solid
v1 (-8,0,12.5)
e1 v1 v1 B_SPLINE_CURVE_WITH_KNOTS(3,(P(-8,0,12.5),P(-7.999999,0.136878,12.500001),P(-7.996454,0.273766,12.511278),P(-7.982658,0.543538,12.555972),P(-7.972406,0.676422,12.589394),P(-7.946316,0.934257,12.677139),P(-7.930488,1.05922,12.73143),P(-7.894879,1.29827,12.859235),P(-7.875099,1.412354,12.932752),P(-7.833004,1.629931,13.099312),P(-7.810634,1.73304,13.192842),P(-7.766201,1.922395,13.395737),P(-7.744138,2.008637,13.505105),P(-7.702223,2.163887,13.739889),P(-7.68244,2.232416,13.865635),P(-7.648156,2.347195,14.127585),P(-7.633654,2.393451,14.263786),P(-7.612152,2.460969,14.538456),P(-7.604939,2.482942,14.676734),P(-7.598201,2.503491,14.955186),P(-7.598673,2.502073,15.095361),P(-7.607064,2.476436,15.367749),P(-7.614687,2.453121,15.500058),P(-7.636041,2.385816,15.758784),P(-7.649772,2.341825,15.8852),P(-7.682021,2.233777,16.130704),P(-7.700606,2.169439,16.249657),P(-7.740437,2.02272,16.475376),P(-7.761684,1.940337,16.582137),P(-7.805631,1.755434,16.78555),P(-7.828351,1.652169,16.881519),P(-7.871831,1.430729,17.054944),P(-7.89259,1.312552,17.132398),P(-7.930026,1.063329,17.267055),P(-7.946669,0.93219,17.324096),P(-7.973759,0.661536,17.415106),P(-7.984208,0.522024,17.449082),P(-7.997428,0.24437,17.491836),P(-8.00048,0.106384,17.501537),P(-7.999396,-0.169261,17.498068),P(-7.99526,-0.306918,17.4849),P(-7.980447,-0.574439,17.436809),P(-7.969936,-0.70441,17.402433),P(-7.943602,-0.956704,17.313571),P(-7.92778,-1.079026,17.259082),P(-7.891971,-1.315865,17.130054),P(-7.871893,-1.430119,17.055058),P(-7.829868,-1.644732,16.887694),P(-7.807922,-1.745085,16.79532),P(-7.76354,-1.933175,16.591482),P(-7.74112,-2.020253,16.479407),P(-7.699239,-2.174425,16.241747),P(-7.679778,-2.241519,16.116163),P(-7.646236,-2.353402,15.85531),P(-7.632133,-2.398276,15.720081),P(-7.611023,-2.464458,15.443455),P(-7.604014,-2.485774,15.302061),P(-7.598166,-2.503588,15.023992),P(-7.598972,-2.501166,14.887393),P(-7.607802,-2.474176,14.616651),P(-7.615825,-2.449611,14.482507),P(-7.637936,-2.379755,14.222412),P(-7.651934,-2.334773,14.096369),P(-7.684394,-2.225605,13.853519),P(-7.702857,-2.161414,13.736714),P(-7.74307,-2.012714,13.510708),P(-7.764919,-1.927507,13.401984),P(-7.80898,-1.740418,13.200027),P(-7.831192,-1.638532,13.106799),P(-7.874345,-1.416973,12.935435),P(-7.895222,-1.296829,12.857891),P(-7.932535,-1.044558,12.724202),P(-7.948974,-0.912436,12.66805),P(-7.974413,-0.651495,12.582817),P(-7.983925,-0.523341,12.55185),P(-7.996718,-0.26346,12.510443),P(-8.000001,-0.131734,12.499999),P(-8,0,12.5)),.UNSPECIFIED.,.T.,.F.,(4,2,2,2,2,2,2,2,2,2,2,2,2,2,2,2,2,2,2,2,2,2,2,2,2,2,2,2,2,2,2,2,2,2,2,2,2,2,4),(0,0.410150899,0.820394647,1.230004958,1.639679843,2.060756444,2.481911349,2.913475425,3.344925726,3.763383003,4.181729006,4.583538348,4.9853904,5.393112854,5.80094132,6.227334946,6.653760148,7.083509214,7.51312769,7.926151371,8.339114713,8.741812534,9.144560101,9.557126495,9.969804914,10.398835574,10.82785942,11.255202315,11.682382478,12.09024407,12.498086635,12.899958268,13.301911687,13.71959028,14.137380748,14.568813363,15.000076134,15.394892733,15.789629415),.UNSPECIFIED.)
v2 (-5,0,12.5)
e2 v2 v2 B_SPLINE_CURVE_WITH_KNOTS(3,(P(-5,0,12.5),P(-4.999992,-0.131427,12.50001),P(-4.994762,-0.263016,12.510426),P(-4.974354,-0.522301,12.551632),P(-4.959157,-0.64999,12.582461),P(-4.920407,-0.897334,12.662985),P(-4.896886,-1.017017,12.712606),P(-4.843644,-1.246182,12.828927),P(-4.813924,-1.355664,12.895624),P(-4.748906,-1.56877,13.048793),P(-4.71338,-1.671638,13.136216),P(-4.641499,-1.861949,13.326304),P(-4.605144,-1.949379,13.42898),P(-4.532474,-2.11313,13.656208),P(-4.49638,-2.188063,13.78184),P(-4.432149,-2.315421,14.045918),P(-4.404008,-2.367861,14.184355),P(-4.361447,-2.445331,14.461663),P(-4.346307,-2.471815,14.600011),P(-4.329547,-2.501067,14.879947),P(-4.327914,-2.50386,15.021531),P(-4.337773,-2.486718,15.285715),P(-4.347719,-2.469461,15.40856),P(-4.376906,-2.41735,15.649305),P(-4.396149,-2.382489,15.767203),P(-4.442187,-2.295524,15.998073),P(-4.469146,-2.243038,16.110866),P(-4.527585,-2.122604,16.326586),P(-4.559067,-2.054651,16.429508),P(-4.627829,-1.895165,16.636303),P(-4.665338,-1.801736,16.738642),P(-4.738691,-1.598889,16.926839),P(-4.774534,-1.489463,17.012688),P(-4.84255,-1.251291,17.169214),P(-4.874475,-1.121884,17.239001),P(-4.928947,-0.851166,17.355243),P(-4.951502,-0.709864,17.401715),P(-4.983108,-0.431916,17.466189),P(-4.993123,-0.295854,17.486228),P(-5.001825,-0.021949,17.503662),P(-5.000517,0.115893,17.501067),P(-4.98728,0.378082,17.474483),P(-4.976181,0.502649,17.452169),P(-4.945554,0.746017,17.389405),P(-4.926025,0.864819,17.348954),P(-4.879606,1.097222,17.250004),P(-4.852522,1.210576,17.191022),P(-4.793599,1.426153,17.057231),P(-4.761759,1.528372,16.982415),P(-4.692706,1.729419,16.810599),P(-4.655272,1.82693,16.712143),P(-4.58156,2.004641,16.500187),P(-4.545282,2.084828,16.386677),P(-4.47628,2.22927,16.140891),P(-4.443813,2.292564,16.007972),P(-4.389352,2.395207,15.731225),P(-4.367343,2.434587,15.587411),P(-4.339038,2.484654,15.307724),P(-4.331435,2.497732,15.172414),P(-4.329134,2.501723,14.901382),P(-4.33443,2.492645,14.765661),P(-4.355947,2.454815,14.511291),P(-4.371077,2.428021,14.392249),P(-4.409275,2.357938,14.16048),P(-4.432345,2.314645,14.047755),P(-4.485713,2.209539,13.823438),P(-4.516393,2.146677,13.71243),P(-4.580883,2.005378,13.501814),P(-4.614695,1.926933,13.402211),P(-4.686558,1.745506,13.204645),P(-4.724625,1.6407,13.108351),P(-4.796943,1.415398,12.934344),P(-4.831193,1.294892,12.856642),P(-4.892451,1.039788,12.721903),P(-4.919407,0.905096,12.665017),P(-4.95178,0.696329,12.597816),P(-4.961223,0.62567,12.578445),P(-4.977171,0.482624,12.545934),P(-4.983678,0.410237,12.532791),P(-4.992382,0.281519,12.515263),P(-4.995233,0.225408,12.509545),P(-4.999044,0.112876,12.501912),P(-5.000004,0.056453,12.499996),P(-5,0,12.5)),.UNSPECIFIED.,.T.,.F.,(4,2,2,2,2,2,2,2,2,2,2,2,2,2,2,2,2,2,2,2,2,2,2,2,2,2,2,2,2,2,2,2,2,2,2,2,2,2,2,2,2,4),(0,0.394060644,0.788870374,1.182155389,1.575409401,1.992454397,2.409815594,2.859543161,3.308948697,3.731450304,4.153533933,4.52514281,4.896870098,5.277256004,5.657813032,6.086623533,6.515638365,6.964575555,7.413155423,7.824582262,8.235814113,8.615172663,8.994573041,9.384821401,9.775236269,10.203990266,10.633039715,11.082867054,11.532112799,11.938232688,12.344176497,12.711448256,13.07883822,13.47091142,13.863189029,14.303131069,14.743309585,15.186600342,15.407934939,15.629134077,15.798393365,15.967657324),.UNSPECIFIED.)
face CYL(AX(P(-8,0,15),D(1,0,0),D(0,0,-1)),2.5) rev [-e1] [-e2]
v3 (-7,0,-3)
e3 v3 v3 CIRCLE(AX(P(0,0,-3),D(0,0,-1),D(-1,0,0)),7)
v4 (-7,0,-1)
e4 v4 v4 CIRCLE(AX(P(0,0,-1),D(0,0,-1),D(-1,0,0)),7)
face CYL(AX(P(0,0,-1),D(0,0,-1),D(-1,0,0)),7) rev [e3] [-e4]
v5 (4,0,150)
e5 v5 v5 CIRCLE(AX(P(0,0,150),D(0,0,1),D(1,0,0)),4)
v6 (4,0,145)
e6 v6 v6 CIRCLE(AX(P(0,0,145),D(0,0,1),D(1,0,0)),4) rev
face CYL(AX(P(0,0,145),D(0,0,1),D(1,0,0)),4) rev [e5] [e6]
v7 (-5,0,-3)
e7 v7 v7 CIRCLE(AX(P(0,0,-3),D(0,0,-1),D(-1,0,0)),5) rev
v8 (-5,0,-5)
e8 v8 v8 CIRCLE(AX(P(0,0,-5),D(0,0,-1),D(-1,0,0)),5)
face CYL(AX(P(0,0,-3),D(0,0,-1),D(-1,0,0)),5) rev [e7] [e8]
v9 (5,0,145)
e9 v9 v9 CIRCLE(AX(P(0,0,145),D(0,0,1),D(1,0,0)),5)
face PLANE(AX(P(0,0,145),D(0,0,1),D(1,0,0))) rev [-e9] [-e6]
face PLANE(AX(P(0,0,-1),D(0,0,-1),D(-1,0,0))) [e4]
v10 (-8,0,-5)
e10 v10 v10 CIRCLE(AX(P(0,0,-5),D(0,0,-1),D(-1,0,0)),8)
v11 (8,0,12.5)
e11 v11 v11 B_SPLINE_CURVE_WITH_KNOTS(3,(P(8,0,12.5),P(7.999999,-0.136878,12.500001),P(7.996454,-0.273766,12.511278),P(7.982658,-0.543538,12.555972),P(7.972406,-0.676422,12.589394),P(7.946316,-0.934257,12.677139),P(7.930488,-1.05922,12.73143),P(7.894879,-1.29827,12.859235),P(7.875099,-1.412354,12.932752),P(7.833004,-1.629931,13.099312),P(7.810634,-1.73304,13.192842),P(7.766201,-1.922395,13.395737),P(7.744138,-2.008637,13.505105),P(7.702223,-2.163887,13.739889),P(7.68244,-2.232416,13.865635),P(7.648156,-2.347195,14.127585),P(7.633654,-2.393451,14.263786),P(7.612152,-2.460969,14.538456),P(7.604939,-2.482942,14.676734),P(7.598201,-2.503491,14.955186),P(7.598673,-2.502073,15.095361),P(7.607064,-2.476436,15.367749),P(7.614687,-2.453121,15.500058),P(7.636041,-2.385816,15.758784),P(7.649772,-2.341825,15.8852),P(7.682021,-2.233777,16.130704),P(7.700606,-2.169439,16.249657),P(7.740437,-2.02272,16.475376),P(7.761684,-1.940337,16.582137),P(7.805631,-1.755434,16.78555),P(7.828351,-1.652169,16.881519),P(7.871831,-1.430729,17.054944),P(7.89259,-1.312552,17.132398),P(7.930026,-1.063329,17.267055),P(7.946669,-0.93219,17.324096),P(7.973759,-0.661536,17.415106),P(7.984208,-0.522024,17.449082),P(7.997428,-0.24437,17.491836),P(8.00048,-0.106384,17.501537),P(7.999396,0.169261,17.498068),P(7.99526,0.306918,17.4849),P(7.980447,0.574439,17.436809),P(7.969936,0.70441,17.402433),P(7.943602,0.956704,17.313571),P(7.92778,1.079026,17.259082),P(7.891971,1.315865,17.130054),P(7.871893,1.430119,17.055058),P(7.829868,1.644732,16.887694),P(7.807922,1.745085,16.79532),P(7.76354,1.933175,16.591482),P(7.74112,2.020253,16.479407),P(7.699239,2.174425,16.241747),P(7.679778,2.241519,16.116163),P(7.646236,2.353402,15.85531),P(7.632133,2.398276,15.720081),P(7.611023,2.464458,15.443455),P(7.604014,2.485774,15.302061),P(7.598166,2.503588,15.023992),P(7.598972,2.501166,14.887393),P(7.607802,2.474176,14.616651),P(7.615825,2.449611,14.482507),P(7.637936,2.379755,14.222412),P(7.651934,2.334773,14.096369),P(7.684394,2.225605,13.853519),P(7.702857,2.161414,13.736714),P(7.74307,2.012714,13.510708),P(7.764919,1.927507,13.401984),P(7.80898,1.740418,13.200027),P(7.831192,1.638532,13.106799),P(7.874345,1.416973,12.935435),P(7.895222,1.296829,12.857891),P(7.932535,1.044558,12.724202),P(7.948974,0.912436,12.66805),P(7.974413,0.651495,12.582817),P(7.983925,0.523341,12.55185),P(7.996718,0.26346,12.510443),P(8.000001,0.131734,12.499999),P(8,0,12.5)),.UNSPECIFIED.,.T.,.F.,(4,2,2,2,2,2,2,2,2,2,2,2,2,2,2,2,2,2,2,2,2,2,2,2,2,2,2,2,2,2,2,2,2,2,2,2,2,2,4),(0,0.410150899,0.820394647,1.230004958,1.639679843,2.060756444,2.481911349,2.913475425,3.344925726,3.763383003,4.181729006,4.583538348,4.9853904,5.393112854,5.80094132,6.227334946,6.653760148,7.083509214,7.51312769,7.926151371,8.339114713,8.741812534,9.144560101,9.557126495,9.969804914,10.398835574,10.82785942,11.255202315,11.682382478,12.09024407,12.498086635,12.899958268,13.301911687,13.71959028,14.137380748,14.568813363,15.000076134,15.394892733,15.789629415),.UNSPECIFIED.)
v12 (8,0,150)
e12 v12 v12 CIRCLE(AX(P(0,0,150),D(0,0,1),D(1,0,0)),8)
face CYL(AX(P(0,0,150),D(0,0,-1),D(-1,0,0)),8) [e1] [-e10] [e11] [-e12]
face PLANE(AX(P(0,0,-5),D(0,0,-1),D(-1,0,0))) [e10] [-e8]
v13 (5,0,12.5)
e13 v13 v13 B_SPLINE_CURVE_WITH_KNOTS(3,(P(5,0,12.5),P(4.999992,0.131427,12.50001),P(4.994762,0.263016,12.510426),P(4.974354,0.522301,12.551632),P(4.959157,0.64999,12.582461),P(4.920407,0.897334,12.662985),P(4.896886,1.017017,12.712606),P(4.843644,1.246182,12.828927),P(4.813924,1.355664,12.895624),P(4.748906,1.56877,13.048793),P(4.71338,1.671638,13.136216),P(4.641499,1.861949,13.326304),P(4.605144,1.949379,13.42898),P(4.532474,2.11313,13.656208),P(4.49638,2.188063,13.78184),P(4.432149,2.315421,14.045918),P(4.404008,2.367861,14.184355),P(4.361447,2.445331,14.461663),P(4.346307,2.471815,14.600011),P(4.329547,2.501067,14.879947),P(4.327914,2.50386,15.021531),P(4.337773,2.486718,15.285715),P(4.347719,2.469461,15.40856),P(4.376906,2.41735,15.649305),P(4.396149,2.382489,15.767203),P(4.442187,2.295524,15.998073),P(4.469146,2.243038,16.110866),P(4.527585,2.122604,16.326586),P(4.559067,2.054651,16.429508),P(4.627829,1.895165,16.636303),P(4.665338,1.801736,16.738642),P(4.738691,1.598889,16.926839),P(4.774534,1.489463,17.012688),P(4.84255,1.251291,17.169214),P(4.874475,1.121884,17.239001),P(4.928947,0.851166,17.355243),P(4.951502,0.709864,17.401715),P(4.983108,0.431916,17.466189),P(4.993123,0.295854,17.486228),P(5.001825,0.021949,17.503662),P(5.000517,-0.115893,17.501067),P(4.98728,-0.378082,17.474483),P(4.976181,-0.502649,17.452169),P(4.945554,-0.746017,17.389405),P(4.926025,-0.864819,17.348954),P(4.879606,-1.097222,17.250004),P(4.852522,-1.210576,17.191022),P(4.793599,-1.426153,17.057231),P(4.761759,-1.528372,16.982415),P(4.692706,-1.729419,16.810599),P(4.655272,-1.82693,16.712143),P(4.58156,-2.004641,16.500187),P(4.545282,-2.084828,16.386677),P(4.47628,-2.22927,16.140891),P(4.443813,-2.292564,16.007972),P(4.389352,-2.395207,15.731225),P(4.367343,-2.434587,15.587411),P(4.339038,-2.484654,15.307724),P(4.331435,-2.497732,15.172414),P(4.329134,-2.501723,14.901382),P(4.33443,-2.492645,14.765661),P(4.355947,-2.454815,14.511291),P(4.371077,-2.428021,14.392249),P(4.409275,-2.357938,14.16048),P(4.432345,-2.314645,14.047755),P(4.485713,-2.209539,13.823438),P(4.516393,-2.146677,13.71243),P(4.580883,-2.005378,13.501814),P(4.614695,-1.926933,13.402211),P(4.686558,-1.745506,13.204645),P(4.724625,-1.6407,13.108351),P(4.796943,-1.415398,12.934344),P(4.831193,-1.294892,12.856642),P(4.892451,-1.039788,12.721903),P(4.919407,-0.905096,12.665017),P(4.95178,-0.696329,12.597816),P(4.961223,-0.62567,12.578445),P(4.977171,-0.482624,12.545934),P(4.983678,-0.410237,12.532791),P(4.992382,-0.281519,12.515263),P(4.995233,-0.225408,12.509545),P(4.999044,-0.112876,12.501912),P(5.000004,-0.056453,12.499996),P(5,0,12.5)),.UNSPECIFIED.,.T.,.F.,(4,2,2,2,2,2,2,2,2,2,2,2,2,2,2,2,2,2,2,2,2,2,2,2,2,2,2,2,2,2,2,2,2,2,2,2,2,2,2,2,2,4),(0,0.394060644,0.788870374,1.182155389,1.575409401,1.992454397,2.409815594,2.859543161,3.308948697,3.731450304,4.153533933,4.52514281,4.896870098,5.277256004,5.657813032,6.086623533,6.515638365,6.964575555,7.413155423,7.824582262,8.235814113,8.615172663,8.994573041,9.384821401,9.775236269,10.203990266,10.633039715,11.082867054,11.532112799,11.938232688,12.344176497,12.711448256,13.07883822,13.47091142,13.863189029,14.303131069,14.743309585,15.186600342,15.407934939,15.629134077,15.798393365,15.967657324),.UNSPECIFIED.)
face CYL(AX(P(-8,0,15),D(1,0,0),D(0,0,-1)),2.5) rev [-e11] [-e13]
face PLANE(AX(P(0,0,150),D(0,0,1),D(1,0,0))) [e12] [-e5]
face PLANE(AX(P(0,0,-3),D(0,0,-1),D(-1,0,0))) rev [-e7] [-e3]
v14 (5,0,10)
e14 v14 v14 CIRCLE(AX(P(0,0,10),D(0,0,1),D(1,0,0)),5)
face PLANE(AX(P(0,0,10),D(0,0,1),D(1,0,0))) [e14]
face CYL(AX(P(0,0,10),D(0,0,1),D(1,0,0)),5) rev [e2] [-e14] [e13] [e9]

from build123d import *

# Parameters (mm, degrees)
SKETCH1_R               = 8
BOSS_EXTRUDE1_DEPTH     = 150
SKETCH2_R               = 4
CUT_EXTRUDE1_DEPTH      = 5
SKETCH3_R               = 5
CUT_EXTRUDE2_DEPTH      = 135
CUT_EXTRUDE3_DEPTH      = 151.426061572
CUT_EXTRUDE3_DEPTH_BACK = 151.426061572
SKETCH4_R               = 2.5
BOSS_EXTRUDE2_START     = 5
SKETCH5_R               = 8
BOSS_EXTRUDE2_DEPTH     = 5
CUT_EXTRUDE4_START      = -2
SKETCH6_R               = 5
CUT_EXTRUDE4_DEPTH      = 2
SKETCH7_R               = 7
CUT_EXTRUDE5_DEPTH      = 2


with BuildPart() as part:
    # Sketch1 → Boss-Extrude1 (new body)
    with BuildSketch(Plane.XY):
        Circle(SKETCH1_R)
    extrude(amount=BOSS_EXTRUDE1_DEPTH)

    # Sketch2 → Cut-Extrude1 (cut)
    with BuildSketch(Plane.XY.offset(150)):
        Circle(SKETCH2_R)
    extrude(amount=-CUT_EXTRUDE1_DEPTH, mode=Mode.SUBTRACT)

    # Sketch3 → Cut-Extrude2 (cut)
    with BuildSketch(Plane.XY.offset(145)):
        Circle(SKETCH3_R)
    extrude(amount=-CUT_EXTRUDE2_DEPTH, mode=Mode.SUBTRACT)

    # Sketch4 → Cut-Extrude3 (cut, two sides: drawn at the far end of the back side and taken through both)
    with BuildSketch(Plane(origin=(0, 0, 0), x_dir=(0, 0, -1), z_dir=(1, 0, 0)).offset(-CUT_EXTRUDE3_DEPTH_BACK)):
        with Locations((-15, 0)):
            Circle(SKETCH4_R)
    extrude(amount=CUT_EXTRUDE3_DEPTH + CUT_EXTRUDE3_DEPTH_BACK, mode=Mode.SUBTRACT)

    # Sketch5 → Boss-Extrude2 (add)
    with BuildSketch(Plane(origin=(0, 0, 0), x_dir=(-1, 0, 0), z_dir=(0, 0, -1)).offset(BOSS_EXTRUDE2_START)):
        Circle(SKETCH5_R)
    extrude(amount=-BOSS_EXTRUDE2_DEPTH)

    # Sketch6 → Cut-Extrude4 (cut)
    with BuildSketch(Plane(origin=(0, 0, -5), x_dir=(-1, 0, 0), z_dir=(0, 0, -1)).offset(CUT_EXTRUDE4_START)):
        with Locations(Location((0, 0, 0), (0, 0, 180))):
            Circle(SKETCH6_R)
    extrude(amount=CUT_EXTRUDE4_DEPTH, mode=Mode.SUBTRACT)

    # Sketch7 → Cut-Extrude5 (cut)
    with BuildSketch(Plane(origin=(0, 0, -3), x_dir=(-1, 0, 0), z_dir=(0, 0, -1))):
        Circle(SKETCH7_R)
    extrude(amount=-CUT_EXTRUDE5_DEPTH, mode=Mode.SUBTRACT)


solid = part.part
